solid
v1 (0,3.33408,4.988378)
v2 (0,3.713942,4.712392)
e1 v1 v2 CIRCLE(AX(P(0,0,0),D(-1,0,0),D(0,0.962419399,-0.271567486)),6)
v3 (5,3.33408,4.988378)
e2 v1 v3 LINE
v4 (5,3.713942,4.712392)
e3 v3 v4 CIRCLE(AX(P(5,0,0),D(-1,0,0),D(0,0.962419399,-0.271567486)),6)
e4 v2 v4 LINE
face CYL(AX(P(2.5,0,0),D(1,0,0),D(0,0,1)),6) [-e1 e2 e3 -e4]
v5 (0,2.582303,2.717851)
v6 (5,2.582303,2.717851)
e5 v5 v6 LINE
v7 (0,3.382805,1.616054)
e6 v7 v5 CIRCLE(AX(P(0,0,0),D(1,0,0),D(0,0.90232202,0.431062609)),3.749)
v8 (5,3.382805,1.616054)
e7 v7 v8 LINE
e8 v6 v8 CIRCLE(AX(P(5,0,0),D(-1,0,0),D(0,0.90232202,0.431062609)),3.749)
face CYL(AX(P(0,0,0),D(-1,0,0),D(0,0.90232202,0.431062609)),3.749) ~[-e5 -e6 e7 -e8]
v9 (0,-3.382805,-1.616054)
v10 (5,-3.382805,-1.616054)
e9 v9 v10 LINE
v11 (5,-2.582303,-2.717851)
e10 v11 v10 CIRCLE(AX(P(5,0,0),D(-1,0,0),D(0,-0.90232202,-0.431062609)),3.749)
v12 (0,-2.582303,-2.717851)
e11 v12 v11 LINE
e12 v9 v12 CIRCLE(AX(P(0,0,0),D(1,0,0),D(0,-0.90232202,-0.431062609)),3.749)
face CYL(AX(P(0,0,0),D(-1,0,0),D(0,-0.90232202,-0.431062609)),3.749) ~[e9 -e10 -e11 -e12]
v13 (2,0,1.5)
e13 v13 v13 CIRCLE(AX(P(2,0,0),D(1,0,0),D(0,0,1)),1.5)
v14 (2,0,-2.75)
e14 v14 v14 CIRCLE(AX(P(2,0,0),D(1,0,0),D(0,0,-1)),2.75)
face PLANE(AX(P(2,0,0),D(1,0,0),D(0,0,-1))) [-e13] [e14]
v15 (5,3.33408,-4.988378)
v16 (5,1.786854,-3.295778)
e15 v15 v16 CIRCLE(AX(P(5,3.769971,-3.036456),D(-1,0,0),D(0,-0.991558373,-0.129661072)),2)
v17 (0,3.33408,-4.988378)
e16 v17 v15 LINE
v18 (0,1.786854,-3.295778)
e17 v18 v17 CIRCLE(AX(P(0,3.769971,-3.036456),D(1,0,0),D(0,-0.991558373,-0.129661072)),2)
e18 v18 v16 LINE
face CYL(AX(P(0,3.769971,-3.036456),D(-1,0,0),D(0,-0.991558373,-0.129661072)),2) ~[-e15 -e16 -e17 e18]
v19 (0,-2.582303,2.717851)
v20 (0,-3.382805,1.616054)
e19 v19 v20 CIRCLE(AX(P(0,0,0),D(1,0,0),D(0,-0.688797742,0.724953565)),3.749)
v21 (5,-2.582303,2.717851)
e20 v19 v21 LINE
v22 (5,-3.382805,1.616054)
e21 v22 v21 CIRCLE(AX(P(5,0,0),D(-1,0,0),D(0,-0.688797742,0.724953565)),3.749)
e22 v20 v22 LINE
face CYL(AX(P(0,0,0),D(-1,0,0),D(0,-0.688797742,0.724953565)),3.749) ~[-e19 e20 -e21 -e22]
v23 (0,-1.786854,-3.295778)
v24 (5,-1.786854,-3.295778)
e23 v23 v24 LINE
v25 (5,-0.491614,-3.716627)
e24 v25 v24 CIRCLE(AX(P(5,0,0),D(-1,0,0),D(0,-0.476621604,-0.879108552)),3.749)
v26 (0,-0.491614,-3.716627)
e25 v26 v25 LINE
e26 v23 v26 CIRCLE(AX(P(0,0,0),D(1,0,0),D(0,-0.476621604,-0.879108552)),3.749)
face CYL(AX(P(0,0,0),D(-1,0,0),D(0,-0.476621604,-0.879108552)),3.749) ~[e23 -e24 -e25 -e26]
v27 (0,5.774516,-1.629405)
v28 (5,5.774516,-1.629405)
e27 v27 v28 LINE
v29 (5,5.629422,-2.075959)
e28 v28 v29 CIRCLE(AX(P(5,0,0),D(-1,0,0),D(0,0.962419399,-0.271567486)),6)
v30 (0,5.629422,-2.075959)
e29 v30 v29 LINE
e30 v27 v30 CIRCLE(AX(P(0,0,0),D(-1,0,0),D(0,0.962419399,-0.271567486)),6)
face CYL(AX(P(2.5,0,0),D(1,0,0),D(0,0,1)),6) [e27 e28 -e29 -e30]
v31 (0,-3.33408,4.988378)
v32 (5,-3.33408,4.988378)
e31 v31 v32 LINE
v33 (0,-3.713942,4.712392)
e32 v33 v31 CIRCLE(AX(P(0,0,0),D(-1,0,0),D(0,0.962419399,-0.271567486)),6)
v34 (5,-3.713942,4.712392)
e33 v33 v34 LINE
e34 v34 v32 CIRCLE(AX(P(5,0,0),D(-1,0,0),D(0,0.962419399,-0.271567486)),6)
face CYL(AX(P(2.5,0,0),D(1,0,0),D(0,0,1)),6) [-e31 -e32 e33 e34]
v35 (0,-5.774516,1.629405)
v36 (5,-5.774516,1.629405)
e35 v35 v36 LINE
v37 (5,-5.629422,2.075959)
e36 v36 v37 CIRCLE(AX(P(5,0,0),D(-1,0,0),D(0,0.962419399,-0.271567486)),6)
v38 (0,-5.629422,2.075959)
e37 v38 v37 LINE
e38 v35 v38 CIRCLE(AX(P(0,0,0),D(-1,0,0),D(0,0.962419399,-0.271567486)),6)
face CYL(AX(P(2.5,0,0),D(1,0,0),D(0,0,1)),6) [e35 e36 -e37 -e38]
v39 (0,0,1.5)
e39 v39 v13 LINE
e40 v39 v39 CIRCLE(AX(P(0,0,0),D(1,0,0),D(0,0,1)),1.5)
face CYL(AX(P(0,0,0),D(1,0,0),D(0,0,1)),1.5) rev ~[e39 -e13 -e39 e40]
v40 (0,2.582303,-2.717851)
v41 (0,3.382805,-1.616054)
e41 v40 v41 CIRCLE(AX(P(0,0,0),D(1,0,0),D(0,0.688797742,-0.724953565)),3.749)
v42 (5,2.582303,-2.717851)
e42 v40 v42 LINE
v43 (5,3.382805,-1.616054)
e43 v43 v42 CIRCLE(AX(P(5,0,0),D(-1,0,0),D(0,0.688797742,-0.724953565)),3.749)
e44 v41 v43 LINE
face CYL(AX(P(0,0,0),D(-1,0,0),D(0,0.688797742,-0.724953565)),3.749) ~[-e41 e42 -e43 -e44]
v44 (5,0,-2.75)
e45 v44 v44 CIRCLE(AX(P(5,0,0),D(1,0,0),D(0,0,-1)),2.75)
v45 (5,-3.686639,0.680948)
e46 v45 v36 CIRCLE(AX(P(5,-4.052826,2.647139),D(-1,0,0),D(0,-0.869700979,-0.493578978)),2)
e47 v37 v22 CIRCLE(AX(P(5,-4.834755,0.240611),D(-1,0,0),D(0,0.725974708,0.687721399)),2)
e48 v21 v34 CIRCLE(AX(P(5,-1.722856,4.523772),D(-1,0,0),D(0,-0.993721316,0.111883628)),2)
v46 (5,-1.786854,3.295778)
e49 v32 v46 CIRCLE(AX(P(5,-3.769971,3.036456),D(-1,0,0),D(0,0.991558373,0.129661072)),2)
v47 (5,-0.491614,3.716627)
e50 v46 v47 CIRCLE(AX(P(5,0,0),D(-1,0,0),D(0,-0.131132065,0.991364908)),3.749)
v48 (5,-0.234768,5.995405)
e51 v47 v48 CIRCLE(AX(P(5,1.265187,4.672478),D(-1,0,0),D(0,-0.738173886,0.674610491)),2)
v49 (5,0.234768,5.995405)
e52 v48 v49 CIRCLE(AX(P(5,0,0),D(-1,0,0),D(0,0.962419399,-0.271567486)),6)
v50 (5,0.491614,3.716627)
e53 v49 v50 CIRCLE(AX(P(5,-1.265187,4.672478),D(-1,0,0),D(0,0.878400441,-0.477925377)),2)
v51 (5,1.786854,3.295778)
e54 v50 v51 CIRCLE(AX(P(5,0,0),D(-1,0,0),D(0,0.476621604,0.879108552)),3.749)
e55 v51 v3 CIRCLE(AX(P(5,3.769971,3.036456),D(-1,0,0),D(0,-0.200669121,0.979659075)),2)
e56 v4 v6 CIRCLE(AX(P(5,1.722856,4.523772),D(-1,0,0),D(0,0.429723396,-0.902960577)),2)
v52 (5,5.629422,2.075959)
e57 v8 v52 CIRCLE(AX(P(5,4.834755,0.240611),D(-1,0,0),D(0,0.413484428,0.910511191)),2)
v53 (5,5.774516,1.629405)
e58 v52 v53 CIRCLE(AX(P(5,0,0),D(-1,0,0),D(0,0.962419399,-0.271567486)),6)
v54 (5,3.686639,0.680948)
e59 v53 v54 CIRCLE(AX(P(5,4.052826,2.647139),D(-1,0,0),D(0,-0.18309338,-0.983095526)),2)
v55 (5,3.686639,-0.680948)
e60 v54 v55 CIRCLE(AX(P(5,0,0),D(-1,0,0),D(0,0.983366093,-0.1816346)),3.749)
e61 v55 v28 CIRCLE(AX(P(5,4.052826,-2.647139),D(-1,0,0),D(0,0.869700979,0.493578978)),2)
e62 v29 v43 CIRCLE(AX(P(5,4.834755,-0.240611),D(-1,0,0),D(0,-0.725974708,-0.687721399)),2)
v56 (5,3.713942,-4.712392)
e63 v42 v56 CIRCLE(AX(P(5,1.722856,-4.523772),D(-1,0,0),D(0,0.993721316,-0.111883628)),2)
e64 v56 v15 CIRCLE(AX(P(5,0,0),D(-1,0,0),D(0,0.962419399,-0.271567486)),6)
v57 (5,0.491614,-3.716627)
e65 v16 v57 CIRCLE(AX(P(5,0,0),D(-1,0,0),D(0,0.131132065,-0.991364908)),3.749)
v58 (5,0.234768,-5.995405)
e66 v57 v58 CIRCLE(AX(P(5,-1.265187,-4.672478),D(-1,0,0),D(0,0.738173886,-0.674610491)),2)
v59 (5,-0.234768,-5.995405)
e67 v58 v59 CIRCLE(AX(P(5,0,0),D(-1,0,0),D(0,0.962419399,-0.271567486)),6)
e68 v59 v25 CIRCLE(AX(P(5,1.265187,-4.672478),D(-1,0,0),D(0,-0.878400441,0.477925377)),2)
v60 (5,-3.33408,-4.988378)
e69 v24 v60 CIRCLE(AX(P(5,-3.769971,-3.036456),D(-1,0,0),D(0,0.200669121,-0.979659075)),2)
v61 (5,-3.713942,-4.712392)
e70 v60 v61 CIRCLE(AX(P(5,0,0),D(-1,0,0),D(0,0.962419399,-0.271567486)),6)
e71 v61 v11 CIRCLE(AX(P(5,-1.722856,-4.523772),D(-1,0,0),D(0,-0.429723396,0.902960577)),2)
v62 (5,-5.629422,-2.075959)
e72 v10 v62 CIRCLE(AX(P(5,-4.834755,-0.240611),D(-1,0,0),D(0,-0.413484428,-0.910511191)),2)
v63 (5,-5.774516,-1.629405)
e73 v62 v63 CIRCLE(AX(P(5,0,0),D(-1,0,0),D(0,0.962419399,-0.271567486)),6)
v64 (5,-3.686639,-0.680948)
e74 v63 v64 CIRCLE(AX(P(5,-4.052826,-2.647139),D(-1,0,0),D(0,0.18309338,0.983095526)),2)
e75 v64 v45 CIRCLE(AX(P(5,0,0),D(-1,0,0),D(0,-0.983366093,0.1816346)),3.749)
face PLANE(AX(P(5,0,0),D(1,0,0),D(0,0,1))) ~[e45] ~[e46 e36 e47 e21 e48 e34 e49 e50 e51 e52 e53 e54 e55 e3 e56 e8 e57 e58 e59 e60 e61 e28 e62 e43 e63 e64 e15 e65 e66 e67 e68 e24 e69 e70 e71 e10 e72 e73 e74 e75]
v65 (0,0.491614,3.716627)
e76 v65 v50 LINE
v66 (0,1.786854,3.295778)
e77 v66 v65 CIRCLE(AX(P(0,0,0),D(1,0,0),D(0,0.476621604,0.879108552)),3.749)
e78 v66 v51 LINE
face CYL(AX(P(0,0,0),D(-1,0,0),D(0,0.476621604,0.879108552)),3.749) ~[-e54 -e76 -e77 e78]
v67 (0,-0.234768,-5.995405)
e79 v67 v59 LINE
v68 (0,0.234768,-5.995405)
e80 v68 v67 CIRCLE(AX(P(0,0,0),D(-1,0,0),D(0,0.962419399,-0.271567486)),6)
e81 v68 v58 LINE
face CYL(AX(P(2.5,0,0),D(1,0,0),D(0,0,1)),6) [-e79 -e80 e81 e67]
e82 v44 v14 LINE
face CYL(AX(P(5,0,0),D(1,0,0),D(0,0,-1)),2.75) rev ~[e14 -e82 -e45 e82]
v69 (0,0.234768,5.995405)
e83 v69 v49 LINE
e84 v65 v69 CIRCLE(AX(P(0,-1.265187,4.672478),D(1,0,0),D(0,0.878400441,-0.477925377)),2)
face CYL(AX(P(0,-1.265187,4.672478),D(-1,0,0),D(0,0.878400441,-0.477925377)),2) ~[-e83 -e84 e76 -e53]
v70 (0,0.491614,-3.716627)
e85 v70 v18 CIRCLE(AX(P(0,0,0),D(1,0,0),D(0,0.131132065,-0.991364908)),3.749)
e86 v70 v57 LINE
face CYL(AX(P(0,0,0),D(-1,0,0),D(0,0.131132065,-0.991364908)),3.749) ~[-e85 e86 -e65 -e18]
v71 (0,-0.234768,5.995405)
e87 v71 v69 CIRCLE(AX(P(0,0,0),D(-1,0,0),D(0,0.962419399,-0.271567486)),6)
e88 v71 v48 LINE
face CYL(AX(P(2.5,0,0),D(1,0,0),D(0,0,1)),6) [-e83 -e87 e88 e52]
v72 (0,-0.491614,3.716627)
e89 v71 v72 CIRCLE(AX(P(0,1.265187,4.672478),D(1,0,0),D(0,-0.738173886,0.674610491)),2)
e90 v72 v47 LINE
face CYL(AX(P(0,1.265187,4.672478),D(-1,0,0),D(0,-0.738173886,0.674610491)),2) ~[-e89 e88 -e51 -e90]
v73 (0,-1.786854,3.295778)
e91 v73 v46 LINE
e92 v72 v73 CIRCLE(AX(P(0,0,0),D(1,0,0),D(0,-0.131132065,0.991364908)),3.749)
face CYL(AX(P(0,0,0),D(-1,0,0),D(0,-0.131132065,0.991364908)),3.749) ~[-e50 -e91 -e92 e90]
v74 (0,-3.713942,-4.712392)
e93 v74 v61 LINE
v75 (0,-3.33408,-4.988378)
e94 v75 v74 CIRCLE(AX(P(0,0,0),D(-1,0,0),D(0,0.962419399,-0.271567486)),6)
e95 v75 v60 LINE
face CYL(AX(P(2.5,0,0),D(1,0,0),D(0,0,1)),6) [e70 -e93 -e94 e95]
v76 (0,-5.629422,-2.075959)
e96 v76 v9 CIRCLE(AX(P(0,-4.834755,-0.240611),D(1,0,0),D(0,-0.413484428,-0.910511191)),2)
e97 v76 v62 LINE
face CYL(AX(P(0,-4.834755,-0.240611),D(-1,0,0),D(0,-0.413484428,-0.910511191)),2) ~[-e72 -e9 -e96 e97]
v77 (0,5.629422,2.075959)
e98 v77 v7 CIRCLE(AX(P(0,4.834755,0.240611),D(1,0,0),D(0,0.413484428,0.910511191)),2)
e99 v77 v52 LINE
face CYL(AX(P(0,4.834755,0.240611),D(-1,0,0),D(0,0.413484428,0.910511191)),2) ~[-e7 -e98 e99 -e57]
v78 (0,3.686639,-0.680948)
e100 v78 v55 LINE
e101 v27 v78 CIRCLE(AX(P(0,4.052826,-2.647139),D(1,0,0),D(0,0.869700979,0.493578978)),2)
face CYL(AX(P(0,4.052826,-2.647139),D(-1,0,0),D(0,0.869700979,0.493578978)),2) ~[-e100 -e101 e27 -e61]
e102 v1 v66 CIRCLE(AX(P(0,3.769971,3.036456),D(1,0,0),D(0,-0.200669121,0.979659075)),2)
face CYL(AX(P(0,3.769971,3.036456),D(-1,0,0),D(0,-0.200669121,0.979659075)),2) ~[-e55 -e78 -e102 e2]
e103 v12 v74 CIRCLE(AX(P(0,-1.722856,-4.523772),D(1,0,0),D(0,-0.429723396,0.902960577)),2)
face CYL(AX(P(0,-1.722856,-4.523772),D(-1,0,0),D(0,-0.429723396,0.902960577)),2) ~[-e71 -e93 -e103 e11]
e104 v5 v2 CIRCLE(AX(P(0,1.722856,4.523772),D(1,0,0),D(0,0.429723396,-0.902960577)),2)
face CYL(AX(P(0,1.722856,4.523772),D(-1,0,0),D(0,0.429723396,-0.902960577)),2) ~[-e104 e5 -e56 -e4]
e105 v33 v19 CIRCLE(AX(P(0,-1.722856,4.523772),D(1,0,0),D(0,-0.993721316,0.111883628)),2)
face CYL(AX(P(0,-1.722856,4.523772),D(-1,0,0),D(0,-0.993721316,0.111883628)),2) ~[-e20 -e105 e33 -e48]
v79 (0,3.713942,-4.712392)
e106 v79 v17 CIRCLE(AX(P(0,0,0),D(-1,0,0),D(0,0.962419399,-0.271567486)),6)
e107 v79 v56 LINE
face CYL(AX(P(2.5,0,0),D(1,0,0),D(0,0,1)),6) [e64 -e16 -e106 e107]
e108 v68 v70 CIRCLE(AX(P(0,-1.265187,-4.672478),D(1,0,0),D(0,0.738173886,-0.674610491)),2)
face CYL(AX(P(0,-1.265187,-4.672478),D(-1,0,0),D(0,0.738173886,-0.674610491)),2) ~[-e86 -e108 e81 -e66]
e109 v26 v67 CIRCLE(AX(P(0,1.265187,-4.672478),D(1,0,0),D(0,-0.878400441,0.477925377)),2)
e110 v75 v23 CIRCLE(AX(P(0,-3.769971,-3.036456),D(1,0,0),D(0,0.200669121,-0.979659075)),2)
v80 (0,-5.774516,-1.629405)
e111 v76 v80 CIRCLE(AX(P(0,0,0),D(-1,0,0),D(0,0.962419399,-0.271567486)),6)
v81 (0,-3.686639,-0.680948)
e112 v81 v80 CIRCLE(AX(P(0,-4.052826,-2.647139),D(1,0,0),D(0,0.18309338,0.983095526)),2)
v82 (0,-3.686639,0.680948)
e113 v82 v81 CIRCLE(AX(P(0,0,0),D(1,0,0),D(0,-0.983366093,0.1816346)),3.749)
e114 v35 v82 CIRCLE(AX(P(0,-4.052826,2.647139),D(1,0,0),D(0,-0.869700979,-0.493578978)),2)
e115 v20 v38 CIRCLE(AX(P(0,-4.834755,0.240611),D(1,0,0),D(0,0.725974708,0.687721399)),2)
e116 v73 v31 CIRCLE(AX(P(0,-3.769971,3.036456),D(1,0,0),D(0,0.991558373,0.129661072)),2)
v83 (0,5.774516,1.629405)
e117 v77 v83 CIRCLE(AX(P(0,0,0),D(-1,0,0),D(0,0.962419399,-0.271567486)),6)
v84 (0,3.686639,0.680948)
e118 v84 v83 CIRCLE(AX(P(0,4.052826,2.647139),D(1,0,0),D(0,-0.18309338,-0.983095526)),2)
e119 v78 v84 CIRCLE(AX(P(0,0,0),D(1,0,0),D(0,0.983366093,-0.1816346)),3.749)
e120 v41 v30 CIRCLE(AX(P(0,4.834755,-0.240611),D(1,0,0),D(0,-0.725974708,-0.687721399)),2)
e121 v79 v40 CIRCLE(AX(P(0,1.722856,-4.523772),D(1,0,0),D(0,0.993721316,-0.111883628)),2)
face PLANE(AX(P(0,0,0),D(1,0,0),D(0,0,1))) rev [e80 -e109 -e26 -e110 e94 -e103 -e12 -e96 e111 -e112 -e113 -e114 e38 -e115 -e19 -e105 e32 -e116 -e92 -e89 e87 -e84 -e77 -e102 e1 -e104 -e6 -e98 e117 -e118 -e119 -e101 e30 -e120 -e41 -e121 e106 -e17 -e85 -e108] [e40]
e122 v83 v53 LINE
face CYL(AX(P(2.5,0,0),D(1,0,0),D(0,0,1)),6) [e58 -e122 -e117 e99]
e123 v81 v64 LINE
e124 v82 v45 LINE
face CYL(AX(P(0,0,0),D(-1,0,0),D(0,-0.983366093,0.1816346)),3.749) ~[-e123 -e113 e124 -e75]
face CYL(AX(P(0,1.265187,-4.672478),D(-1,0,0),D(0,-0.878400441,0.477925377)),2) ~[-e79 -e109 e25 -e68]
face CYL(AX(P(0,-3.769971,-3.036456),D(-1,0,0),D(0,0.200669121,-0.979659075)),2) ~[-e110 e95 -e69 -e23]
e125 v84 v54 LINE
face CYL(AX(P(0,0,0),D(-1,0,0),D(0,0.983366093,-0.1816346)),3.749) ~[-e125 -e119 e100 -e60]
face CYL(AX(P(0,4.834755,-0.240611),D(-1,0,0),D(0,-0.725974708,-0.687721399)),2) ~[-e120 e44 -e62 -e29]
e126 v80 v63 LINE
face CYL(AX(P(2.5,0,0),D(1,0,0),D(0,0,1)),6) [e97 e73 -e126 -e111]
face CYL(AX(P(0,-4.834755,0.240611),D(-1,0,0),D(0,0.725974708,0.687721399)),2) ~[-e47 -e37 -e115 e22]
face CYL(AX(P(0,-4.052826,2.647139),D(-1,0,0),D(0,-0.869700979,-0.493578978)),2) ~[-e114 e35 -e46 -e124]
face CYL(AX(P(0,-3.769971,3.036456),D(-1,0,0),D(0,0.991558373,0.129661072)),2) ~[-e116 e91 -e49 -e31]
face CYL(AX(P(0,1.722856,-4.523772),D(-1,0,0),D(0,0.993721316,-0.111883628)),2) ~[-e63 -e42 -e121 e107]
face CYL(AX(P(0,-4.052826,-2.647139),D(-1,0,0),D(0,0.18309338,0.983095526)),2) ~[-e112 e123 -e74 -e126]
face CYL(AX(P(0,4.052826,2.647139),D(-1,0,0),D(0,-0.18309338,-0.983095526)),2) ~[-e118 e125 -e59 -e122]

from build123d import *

# Parameters (mm, degrees)
BASPROSKE_W             = 5
BASPROSKE_H             = 6
TOOTHCUT_DEPTH          = 10.848857802
TEETHCUTS_COUNT         = 10
TEETHCUTS_ANGLE         = 324
BORSKE_R                = 1.5
BORE_DEPTH              = 50.0000508
ESQUISSE1_R             = 2.75
ENL_V_MAT_EXTRU_1_DEPTH = 3


with BuildPart() as part:
    # BasProSke → Base-Revolve (revolve)
    with BuildSketch(Plane(origin=(0, 0, 0), x_dir=(1, 0, 0), z_dir=(0, 1, 0)), mode=Mode.PRIVATE) as base_revolve_sk:
        with Locations((2.5, 3)):
            Rectangle(BASPROSKE_W, BASPROSKE_H)
    revolve(base_revolve_sk.sketch.rotate(Axis((-10, 0, 0), (1, 0, 0)), 180), axis=Axis((-10, 0, 0), (1, 0, 0)))

    # TooCutSke → ToothCut (cut, through all)
    with BuildSketch(Plane(origin=(0, 0, 0), x_dir=(0, 0, -1), z_dir=(1, 0, 0))):
        with BuildLine():
            ThreePointArc((0.680948119, 3.686639481), (0, 3.749), (-0.680948119, 3.686639481))
            ThreePointArc((-0.680948119, 3.686639481), (-0.833594699, 4.896067871), (-1.659981216, 5.7922282))
            ThreePointArc((-1.659981216, 5.7922282), (0, 6.0254), (1.659981216, 5.7922282))
            ThreePointArc((1.659981216, 5.7922282), (0.833594699, 4.896067871), (0.680948119, 3.686639481))
        make_face()
    toothcut = extrude(amount=TOOTHCUT_DEPTH, mode=Mode.SUBTRACT)

    # TeethCuts: ToothCut ×10 about axis
    teethcuts_axis = Axis((-10, 0, 0), (1, 0, 0))
    for i in range(1, TEETHCUTS_COUNT):
        add(toothcut.rotate(teethcuts_axis, i * TEETHCUTS_ANGLE / (TEETHCUTS_COUNT - 1)), mode=Mode.SUBTRACT)

    # BorSke → Bore (cut, symmetric)
    with BuildSketch(Plane(origin=(0, 0, 0), x_dir=(0, 0, -1), z_dir=(1, 0, 0))):
        with Locations(Location((0, 0, 0), (0, 0, 180))):
            Circle(BORSKE_R)
    extrude(amount=BORE_DEPTH, both=True, mode=Mode.SUBTRACT)

    # Esquisse1 → Enlèv. mat.-Extru.1 (cut)
    with BuildSketch(Plane(origin=(5, 0, 0), x_dir=(0, 0, -1), z_dir=(1, 0, 0))):
        Circle(ESQUISSE1_R)
    extrude(amount=-ENL_V_MAT_EXTRU_1_DEPTH, mode=Mode.SUBTRACT)


solid = part.part
